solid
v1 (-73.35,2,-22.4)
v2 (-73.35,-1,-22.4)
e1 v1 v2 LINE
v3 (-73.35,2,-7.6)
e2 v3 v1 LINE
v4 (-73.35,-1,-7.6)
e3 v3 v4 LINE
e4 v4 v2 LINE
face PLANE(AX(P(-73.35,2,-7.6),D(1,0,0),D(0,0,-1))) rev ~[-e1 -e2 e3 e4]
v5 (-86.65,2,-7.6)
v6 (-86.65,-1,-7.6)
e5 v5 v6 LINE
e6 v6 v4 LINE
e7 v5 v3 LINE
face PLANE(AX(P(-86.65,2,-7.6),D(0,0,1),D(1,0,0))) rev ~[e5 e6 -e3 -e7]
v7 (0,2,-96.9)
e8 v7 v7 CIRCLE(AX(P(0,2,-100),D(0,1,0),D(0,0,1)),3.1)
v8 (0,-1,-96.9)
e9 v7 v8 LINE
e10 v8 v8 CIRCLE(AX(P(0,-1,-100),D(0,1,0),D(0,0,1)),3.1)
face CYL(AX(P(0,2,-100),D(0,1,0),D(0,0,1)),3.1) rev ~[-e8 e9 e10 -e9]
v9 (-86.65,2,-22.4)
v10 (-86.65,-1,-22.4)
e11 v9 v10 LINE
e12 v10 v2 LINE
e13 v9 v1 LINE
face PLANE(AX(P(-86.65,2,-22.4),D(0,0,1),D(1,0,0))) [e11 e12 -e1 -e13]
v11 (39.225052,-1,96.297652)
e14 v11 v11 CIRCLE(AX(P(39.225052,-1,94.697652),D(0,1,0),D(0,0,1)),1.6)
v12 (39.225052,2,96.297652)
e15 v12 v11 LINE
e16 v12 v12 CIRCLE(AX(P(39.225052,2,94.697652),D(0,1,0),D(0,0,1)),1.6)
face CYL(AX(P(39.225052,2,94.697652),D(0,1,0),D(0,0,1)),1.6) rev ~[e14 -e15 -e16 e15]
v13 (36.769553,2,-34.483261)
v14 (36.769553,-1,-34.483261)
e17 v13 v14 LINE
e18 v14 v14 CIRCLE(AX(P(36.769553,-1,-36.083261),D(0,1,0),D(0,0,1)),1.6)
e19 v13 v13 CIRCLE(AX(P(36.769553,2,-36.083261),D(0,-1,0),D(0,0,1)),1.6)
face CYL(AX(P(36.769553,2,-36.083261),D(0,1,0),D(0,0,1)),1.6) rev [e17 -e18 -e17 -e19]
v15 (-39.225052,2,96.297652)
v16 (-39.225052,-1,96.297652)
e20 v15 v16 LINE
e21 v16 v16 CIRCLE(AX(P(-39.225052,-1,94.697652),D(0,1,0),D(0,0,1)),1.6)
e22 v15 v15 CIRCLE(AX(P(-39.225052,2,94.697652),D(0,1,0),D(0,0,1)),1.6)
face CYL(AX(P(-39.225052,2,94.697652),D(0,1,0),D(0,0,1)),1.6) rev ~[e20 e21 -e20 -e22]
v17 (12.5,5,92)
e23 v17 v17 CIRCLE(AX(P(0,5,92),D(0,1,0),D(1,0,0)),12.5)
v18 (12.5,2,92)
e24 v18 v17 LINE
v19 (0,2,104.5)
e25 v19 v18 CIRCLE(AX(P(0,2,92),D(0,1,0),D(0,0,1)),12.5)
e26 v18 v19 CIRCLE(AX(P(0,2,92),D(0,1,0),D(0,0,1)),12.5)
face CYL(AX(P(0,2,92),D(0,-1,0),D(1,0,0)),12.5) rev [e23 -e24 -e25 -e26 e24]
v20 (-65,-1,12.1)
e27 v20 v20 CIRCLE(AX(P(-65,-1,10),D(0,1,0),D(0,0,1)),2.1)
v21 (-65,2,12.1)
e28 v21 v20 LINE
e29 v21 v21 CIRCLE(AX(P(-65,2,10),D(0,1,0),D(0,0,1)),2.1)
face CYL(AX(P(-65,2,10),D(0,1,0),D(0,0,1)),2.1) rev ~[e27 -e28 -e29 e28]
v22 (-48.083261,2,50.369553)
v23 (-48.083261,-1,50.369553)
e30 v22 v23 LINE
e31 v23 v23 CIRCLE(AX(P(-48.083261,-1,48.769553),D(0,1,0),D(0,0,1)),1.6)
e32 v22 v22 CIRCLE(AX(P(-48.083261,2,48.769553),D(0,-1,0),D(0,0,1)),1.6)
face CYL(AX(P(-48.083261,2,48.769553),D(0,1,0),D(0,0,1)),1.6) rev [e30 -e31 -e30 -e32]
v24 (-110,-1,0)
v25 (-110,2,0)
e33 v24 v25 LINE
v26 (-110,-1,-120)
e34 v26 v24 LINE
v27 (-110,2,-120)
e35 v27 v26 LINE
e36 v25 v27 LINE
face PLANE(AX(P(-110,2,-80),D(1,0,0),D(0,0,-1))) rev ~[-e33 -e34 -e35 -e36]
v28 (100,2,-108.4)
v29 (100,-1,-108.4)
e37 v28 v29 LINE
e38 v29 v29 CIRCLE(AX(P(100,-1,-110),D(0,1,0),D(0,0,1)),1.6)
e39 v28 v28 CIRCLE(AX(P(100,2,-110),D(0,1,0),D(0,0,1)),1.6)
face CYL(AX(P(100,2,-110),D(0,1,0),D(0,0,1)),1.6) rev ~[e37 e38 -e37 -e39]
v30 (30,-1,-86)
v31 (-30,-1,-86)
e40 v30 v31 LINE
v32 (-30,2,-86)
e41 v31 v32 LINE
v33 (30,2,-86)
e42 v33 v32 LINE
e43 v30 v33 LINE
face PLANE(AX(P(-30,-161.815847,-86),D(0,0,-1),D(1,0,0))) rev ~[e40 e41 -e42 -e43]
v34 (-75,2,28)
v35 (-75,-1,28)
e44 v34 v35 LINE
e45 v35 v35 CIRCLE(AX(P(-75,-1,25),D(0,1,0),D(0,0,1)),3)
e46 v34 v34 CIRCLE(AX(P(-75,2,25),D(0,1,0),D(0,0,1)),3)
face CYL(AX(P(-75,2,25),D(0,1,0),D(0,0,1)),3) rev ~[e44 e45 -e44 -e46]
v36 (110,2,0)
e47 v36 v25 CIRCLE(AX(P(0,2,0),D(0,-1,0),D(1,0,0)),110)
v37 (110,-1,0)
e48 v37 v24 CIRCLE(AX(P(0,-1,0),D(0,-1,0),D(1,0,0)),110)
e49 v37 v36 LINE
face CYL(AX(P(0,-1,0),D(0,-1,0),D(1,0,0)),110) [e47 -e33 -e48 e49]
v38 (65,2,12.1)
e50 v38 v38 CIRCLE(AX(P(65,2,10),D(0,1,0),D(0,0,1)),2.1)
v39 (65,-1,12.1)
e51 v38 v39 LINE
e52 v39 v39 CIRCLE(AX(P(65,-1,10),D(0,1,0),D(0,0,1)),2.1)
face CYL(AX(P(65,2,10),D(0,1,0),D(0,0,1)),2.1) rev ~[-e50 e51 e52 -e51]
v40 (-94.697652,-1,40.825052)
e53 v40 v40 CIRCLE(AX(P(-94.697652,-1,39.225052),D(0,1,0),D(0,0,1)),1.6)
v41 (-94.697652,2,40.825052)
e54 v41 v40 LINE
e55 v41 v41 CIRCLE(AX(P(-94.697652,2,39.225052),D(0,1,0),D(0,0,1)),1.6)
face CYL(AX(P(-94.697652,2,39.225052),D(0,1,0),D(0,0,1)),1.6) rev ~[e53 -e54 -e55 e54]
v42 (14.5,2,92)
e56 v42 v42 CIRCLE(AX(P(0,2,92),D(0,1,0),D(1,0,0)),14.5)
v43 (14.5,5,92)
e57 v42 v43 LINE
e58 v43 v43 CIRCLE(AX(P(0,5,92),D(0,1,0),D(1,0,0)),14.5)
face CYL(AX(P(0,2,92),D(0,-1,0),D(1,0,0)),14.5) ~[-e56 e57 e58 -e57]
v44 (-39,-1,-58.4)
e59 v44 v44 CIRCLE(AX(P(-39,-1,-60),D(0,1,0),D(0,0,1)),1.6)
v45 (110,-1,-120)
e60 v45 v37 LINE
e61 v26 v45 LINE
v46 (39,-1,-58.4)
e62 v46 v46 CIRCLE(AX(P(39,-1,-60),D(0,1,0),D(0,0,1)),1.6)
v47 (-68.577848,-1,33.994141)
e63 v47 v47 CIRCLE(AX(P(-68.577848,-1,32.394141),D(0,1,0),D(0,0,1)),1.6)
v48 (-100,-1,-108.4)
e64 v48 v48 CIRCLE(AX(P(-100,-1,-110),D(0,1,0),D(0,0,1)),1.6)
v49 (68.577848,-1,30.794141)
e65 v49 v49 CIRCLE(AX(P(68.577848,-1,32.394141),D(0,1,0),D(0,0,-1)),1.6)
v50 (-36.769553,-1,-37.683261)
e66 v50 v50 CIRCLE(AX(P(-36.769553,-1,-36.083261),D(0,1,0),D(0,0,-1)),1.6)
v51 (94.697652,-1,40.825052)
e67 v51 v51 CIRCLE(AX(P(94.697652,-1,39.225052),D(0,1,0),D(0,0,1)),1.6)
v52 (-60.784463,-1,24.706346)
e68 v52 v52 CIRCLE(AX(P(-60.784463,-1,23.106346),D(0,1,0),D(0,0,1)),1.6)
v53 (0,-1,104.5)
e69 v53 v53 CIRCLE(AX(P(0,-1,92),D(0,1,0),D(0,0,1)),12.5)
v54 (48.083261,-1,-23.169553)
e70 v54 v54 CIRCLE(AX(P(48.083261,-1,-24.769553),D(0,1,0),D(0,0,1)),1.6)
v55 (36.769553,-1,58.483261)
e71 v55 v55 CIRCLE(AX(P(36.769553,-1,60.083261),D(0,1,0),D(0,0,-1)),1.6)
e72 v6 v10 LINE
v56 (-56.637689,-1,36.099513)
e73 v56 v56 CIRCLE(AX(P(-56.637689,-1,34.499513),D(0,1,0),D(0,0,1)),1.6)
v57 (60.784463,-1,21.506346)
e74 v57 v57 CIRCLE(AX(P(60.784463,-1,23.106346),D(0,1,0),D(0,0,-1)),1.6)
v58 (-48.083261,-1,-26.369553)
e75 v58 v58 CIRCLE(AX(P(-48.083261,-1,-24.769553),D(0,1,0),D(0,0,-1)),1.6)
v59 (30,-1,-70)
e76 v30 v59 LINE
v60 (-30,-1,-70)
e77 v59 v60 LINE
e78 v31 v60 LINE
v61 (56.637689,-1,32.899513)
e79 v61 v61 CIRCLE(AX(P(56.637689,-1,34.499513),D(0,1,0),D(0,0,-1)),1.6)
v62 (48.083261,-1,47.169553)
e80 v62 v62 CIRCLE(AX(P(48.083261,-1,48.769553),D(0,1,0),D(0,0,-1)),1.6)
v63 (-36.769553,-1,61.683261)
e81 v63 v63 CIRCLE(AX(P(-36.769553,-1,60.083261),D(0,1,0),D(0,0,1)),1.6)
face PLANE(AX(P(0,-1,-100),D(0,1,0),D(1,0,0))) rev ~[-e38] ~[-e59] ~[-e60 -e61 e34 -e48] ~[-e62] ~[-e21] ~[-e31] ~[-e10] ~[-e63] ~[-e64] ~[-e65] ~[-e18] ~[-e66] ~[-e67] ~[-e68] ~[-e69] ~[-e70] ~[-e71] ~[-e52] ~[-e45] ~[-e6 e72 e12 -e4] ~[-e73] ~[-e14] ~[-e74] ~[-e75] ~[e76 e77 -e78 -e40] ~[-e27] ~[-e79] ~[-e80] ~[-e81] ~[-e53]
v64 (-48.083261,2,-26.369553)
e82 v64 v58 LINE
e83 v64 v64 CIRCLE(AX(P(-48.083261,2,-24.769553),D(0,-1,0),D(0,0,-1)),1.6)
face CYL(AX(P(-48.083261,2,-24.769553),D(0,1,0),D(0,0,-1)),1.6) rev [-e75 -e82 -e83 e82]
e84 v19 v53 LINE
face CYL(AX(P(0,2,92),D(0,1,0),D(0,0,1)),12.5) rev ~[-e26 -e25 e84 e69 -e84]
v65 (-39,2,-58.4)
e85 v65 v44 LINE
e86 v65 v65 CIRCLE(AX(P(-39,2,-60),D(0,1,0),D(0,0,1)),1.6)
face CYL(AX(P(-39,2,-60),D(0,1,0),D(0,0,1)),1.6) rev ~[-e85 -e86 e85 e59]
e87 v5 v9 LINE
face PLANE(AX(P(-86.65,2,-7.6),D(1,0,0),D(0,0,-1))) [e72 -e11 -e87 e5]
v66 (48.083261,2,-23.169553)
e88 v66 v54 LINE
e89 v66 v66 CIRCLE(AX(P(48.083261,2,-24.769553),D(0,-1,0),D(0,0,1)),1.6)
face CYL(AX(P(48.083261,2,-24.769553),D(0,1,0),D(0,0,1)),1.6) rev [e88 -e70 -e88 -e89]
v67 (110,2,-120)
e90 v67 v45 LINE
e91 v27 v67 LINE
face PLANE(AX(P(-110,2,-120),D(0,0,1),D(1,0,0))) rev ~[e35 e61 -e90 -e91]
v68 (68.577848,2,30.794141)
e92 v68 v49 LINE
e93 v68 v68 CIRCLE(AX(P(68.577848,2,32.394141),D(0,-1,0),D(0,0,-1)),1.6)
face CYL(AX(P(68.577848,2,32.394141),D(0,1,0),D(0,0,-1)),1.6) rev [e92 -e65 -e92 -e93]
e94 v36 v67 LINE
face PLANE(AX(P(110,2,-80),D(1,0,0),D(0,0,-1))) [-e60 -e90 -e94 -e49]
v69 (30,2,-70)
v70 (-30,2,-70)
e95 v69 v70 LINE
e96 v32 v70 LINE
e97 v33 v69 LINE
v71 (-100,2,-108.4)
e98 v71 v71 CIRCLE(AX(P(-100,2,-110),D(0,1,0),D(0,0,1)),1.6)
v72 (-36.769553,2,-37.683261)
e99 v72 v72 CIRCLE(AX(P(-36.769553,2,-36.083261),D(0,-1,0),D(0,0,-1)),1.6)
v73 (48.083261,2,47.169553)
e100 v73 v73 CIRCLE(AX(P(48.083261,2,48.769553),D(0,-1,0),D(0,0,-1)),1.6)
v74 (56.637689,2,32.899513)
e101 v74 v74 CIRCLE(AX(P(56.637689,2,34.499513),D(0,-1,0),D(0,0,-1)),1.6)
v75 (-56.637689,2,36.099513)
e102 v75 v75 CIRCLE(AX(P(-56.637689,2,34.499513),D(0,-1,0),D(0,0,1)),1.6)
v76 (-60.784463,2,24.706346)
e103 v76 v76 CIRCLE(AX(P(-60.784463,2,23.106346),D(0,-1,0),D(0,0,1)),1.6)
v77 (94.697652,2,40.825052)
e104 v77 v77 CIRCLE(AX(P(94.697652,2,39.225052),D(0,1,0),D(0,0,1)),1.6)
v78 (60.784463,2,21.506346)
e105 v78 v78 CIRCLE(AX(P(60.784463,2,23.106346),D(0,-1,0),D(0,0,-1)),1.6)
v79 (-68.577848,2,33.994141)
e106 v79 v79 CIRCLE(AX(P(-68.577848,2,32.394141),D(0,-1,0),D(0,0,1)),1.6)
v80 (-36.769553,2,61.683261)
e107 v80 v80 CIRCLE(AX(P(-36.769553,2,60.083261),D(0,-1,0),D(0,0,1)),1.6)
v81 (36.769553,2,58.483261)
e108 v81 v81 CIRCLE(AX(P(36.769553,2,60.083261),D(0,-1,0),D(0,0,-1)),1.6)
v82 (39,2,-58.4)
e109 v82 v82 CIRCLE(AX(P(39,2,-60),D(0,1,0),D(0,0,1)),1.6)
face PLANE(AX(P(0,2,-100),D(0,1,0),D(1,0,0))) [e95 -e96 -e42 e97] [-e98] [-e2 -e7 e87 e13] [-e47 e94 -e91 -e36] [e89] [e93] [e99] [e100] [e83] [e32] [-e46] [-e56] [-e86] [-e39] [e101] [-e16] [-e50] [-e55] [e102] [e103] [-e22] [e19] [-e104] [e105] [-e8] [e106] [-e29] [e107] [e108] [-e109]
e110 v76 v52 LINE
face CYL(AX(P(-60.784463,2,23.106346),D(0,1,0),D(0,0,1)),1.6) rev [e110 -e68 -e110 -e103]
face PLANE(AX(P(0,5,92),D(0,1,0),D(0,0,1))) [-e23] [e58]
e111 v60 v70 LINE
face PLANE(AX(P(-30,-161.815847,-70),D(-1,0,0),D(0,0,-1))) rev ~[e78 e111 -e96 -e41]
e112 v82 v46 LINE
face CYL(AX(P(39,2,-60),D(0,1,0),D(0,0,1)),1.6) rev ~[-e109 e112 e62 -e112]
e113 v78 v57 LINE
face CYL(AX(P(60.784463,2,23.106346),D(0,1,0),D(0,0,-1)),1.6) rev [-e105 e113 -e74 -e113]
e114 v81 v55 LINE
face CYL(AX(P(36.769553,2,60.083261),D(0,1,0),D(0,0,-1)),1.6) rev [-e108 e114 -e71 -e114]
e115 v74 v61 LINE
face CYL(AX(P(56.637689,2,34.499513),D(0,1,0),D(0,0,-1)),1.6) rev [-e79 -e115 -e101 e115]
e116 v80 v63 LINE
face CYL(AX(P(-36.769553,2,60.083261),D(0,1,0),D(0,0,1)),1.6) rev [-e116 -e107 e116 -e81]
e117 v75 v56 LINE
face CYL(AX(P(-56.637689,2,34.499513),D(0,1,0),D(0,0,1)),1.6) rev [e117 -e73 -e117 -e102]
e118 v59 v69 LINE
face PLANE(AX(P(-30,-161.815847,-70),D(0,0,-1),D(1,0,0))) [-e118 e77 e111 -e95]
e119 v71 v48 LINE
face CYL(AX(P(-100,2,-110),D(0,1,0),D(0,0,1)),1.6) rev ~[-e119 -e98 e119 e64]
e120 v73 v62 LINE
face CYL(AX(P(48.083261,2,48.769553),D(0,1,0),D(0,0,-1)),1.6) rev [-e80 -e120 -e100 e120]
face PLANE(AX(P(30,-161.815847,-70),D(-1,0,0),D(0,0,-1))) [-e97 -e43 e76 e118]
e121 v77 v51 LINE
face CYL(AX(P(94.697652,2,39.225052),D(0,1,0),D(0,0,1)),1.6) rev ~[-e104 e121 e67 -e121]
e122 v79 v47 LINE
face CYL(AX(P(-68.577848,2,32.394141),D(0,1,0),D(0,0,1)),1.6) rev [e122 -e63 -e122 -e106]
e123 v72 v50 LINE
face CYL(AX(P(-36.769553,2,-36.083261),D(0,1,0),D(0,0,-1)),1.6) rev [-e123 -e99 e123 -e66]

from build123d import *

# Parameters (mm, degrees)
EXTRUDE_START            = -1
EXTRUDE_1_DEPTH          = 3
SKETCH_2_R               = 12.5
CUT_EXTRUDE_1_DEPTH      = 10
SKETCH_3_W               = 220
SKETCH_3_H               = 40
EXTRUDE_2_DEPTH          = 3
CUT_EXTRUDE_2_DEPTH      = 163.815846895
CUT_EXTRUDE_2_DEPTH_BACK = 163.815846895
SKETCH_4_W               = 60
SKETCH_4_H               = 16
SKETCH_5_R               = 1.6
SKETCH_5_R_2             = 2.1
SKETCH_5_R_3             = 3
SKETCH_5_R_4             = 3.1
SKETCH_5_W               = 13.3
SKETCH_5_H               = 14.8
CUT_EXTRUDE_3_DEPTH      = 10
SKETCH_7_R               = 1.6
CUT_EXTRUDE_6_DEPTH      = 162.347451173
SKETCH_8_R               = 1.6
CUT_EXTRUDE_7_DEPTH      = 162.347451173
SHEET_EXTRUDE_1_1_DEPTH  = 3
THICKEN_1_T2             = 2


with BuildPart() as part:
    # 草图1 → 凸台-拉伸1 (new body)
    with BuildSketch(Plane(origin=(0, 0, 0), x_dir=(1, 0, 0), z_dir=(0, 1, 0)).offset(EXTRUDE_START)):
        with BuildLine():
            Line((-110, 0), (-110, 80))
            Line((-110, 80), (110, 80))
            Line((110, 80), (110, 0))
            ThreePointArc((110, 0), (0, -110), (-110, 0))
        make_face()
    extrude(amount=EXTRUDE_1_DEPTH)

    # 草图2 → 切除-拉伸1 (cut)
    with BuildSketch(Plane(origin=(0, 2, 0), x_dir=(1, 0, 0), z_dir=(0, 1, 0))):
        with Locations(Location((0, -92, 0), (0, 0, 270))):
            Circle(SKETCH_2_R)
    extrude(amount=-CUT_EXTRUDE_1_DEPTH, mode=Mode.SUBTRACT)

    # 草图3 → 凸台-拉伸2 (add)
    with BuildSketch(Plane(origin=(0, 2, 0), x_dir=(1, 0, 0), z_dir=(0, 1, 0))):
        with Locations((0, 100)):
            Rectangle(SKETCH_3_W, SKETCH_3_H)
    extrude(amount=-EXTRUDE_2_DEPTH)

    # 草图4 → 切除-拉伸2 (cut, two sides: drawn at the far end of the back side and taken through both)
    with BuildSketch(Plane(origin=(0, 2, 0), x_dir=(1, 0, 0), z_dir=(0, 1, 0)).offset(-CUT_EXTRUDE_2_DEPTH_BACK)):
        with Locations((0, 78)):
            Rectangle(SKETCH_4_W, SKETCH_4_H)
    extrude(amount=CUT_EXTRUDE_2_DEPTH + CUT_EXTRUDE_2_DEPTH_BACK, mode=Mode.SUBTRACT)

    # 草图5 → 切除-拉伸3 (cut)
    with BuildSketch(Plane(origin=(0, 2, 0), x_dir=(1, 0, 0), z_dir=(0, 1, 0))):
        with Locations(Location((94.697652082, -39.225051817, 0), (0, 0, 270))):
            Circle(SKETCH_5_R)
        with Locations(Location((39.225051817, -94.697652082, 0), (0, 0, 270))):
            Circle(SKETCH_5_R)
        with Locations(Location((-39.225051817, -94.697652082, 0), (0, 0, 270))):
            Circle(SKETCH_5_R)
        with Locations(Location((-94.697652082, -39.225051817, 0), (0, 0, 270))):
            Circle(SKETCH_5_R)
        with Locations(Location((-65, -10, 0), (0, 0, 270))):
            Circle(SKETCH_5_R_2)
        with Locations(Location((65, -10, 0), (0, 0, 270))):
            Circle(SKETCH_5_R_2)
        with Locations(Location((-75, -25, 0), (0, 0, 270))):
            Circle(SKETCH_5_R_3)
        with Locations(Location((-100, 110, 0), (0, 0, 270))):
            Circle(SKETCH_5_R)
        with Locations(Location((100, 110, 0), (0, 0, 270))):
            Circle(SKETCH_5_R)
        with Locations(Location((-39, 60, 0), (0, 0, 270))):
            Circle(SKETCH_5_R)
        with Locations(Location((39, 60, 0), (0, 0, 270))):
            Circle(SKETCH_5_R)
        with Locations(Location((0, 100, 0), (0, 0, 270))):
            Circle(SKETCH_5_R_4)
        with Locations((-80, 15)):
            Rectangle(SKETCH_5_W, SKETCH_5_H)
    extrude(amount=-CUT_EXTRUDE_3_DEPTH, mode=Mode.SUBTRACT)

    # 草图7 → 切除-拉伸6 (cut, through all)
    with BuildSketch(Plane(origin=(0, 2, -2), x_dir=(1, 0, 0), z_dir=(0, -1, 0))):
        with Locations(Location((-48.083261121, -22.769552622, 0), (0, 0, 270))):
            Circle(SKETCH_7_R)
        with Locations(Location((-36.769552622, -34.083261121, 0), (0, 0, 270))):
            Circle(SKETCH_7_R)
        with Locations(Location((48.083261121, -22.769552622, 0), (0, 0, 90))):
            Circle(SKETCH_7_R)
        with Locations(Location((36.769552622, -34.083261121, 0), (0, 0, 90))):
            Circle(SKETCH_7_R)
        with Locations(Location((-48.083261121, 50.769552622, 0), (0, 0, 90))):
            Circle(SKETCH_7_R)
        with Locations(Location((-36.769552622, 62.083261121, 0), (0, 0, 90))):
            Circle(SKETCH_7_R)
        with Locations(Location((36.769552622, 62.083261121, 0), (0, 0, 270))):
            Circle(SKETCH_7_R)
        with Locations(Location((48.083261121, 50.769552622, 0), (0, 0, 270))):
            Circle(SKETCH_7_R)
    extrude(amount=CUT_EXTRUDE_6_DEPTH, mode=Mode.SUBTRACT)

    # 草图8 → 切除-拉伸7 (cut, through all)
    with BuildSketch(Plane(origin=(0, 2, -2), x_dir=(1, 0, 0), z_dir=(0, -1, 0))):
        with Locations(Location((68.577848346, 34.394141003, 0), (0, 0, 270))):
            Circle(SKETCH_8_R)
        with Locations(Location((60.784462756, 25.106345729, 0), (0, 0, 270))):
            Circle(SKETCH_8_R)
        with Locations(Location((56.637688898, 36.499513268, 0), (0, 0, 270))):
            Circle(SKETCH_8_R)
        with Locations(Location((-60.784462756, 25.106345729, 0), (0, 0, 90))):
            Circle(SKETCH_8_R)
        with Locations(Location((-56.637688898, 36.499513268, 0), (0, 0, 90))):
            Circle(SKETCH_8_R)
        with Locations(Location((-68.577848346, 34.394141003, 0), (0, 0, 90))):
            Circle(SKETCH_8_R)
    extrude(amount=CUT_EXTRUDE_7_DEPTH, mode=Mode.SUBTRACT)

    # Sheet 凸台-拉伸1: a surface, the sketch's curves swept straight by 3 mm
    with BuildLine(Plane(origin=(0, 2, 0), x_dir=(1, 0, 0), z_dir=(0, 1, 0)), mode=Mode.PRIVATE) as sheet_extrude_1_1_path:
        CenterArc((0, -92), 12.5, 0, 360)
    sheet_extrude_1_1 = Shell.extrude(sheet_extrude_1_1_path.wire(), (0 * SHEET_EXTRUDE_1_1_DEPTH, 1 * SHEET_EXTRUDE_1_1_DEPTH, 0 * SHEET_EXTRUDE_1_1_DEPTH))
    add(Solid.thicken(sheet_extrude_1_1, -THICKEN_1_T2))


solid = part.part
